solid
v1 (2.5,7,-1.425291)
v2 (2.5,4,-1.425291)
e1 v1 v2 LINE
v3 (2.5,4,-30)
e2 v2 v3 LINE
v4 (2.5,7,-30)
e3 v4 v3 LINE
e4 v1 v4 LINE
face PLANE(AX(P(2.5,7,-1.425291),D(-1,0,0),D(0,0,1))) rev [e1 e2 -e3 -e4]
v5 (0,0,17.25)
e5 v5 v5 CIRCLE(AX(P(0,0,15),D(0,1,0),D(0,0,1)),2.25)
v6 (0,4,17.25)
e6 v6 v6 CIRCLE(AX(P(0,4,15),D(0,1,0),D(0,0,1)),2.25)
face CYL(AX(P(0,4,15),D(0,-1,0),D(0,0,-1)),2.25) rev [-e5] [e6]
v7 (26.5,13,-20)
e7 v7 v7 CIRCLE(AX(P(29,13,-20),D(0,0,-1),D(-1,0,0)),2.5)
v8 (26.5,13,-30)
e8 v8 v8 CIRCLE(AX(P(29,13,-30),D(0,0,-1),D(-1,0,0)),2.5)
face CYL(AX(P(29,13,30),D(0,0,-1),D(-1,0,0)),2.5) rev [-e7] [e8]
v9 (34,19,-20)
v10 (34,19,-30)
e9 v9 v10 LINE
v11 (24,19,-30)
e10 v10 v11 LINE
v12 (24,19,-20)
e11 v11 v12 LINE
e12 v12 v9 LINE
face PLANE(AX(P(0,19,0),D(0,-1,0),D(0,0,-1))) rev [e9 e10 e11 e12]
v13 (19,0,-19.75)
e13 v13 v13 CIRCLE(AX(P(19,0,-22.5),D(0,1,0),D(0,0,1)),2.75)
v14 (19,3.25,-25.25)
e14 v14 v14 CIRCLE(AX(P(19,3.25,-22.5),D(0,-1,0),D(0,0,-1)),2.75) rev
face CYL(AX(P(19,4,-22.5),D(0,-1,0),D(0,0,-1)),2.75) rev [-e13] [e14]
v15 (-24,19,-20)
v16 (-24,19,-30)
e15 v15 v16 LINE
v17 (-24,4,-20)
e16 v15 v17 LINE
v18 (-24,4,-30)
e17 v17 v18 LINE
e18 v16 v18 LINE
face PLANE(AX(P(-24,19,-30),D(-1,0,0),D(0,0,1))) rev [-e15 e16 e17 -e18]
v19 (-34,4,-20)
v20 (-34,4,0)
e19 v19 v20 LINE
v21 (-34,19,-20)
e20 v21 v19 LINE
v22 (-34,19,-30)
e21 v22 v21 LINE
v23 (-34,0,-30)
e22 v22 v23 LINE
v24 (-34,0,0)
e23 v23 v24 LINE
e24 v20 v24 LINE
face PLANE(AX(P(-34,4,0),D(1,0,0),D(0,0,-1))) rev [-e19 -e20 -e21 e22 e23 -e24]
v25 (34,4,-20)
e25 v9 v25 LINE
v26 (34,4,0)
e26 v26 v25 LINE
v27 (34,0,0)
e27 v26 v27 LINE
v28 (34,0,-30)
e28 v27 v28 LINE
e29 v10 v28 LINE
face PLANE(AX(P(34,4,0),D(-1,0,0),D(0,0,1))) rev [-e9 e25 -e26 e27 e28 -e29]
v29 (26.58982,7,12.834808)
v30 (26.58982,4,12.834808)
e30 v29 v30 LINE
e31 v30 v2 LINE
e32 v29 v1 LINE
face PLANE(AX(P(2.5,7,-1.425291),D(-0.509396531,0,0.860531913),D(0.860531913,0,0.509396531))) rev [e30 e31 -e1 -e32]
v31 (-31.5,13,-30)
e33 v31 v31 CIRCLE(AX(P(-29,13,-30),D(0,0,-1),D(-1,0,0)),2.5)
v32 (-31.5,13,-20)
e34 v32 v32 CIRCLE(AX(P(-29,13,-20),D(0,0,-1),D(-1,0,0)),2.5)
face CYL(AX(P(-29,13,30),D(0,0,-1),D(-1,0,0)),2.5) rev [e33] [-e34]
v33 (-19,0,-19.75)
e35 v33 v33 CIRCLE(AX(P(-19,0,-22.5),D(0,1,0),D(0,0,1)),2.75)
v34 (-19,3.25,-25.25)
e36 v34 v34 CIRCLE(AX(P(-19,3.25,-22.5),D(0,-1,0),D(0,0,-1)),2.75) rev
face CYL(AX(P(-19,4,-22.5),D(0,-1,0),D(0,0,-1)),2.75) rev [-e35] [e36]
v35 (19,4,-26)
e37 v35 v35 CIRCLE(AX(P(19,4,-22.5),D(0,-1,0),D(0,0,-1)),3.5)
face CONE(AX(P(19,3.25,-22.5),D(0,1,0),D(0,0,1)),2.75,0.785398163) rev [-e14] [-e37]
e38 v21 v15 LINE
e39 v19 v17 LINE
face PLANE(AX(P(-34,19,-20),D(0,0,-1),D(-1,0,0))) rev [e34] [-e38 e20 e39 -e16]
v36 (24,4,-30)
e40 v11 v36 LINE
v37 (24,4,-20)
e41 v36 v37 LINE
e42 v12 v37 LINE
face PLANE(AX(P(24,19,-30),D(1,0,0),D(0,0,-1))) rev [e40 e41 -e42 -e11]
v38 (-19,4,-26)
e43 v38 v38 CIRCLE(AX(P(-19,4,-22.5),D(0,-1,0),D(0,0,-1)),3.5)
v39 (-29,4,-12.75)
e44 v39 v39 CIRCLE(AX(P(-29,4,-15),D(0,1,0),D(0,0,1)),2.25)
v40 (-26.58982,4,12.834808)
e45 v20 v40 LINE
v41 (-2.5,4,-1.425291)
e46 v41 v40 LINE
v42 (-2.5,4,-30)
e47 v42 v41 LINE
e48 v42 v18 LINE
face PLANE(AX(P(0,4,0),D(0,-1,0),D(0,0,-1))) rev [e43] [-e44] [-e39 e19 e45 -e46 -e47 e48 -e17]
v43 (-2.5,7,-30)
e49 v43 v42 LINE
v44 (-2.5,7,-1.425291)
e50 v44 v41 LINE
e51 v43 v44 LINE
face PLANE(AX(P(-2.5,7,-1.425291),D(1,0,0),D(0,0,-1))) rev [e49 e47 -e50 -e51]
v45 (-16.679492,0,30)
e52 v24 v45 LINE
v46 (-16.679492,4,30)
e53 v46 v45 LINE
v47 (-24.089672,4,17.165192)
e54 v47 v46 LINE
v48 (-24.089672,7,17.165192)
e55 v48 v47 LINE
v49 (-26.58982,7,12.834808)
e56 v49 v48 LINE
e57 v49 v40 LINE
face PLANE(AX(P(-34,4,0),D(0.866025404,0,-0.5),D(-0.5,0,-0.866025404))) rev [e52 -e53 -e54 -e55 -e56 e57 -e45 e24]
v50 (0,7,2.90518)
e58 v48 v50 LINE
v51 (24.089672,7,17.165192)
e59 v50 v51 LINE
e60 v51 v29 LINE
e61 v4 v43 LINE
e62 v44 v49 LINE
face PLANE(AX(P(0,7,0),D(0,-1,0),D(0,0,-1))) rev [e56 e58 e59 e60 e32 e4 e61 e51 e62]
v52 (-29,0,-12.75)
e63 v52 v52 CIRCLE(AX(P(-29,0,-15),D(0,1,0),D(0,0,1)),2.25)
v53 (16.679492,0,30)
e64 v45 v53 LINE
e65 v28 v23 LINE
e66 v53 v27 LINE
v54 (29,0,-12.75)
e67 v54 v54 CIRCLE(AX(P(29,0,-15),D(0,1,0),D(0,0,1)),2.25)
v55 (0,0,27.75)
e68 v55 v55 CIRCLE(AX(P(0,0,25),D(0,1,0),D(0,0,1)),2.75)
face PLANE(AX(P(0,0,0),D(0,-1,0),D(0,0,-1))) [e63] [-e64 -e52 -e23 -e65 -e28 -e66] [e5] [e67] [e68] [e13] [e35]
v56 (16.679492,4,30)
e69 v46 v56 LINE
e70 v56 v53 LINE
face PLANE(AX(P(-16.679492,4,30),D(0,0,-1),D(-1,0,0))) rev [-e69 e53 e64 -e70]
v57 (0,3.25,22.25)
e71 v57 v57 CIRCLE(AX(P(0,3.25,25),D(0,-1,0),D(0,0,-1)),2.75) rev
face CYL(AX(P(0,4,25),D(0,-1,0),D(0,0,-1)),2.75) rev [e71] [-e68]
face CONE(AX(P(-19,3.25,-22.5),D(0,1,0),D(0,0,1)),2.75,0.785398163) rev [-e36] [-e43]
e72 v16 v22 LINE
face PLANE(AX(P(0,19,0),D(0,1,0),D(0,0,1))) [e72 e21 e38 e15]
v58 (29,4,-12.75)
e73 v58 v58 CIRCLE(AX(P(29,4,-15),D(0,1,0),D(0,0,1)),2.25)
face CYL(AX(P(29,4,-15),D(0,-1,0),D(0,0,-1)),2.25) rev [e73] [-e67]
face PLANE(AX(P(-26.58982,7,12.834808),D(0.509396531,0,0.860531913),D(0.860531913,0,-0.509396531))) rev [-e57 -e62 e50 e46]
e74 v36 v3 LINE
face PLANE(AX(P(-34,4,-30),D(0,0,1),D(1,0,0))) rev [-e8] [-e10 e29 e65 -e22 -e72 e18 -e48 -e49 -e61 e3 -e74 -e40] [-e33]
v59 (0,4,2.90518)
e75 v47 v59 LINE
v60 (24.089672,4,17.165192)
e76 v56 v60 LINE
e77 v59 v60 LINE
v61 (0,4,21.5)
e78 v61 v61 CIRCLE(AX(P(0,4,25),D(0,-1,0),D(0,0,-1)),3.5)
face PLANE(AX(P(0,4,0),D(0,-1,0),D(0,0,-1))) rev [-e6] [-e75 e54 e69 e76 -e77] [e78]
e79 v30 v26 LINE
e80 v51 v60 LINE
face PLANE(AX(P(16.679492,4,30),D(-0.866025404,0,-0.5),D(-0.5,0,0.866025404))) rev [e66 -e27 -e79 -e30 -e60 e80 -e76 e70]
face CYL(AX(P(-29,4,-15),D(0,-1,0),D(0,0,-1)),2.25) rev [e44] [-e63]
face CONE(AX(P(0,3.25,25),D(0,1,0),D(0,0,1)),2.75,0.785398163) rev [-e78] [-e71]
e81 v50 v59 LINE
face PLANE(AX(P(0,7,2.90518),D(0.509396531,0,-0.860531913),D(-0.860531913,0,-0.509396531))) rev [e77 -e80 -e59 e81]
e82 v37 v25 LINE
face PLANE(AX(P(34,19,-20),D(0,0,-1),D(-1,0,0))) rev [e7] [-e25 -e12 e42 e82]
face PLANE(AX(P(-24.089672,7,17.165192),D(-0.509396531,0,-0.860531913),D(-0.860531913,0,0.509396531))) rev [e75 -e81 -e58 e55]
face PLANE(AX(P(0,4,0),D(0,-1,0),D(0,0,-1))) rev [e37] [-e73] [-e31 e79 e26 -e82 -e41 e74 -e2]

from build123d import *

# Parameters (mm, degrees)
SKETCH1_R           = 2.75
SKETCH1_R_2         = 2.25
BOSS_EXTRUDE1_DEPTH = 4
BOSS_EXTRUDE2_DEPTH = 3
SKETCH3_W           = 10
SKETCH3_H           = 10
BOSS_EXTRUDE3_DEPTH = 15
SKETCH4_R           = 2.5
CUT_EXTRUDE1_DEPTH  = 72.533209071
CHAMFER1_SIZE       = 0.75


with BuildPart() as part:
    # Sketch1 → Boss-Extrude1 (new body)
    with BuildSketch(Plane(origin=(0, 0, 0), x_dir=(1, 0, 0), z_dir=(0, 1, 0))):
        Polygon((-16.679491924, -30), (16.679491924, -30), (34, 0), (34, 30), (-34, 30), (-34, 0), align=None)
        with Locations(Location((-19, 22.5, 0), (0, 0, 270))):
            Circle(SKETCH1_R, mode=Mode.SUBTRACT)
        with Locations(Location((19, 22.5, 0), (0, 0, 270))):
            Circle(SKETCH1_R, mode=Mode.SUBTRACT)
        with Locations(Location((0, -25, 0), (0, 0, 270))):
            Circle(SKETCH1_R, mode=Mode.SUBTRACT)
        with Locations(Location((-29, 15, 0), (0, 0, 270))):
            Circle(SKETCH1_R_2, mode=Mode.SUBTRACT)
        with Locations(Location((29, 15, 0), (0, 0, 270))):
            Circle(SKETCH1_R_2, mode=Mode.SUBTRACT)
        with Locations(Location((0, -15, 0), (0, 0, 270))):
            Circle(SKETCH1_R_2, mode=Mode.SUBTRACT)
    extrude(amount=BOSS_EXTRUDE1_DEPTH)

    # Sketch2 → Boss-Extrude2 (add)
    with BuildSketch(Plane(origin=(0, 4, 0), x_dir=(1, 0, 0), z_dir=(0, 1, 0))):
        Polygon((-26.589820012, -12.834808232), (-24.089671912, -17.165191768), (0, -2.905179879), (24.089671912, -17.165191768), (26.589820012, -12.834808232), (2.5, 1.425291326), (2.5, 30), (-2.5, 30), (-2.5, 1.425291326), align=None)
    extrude(amount=BOSS_EXTRUDE2_DEPTH)

    # Sketch3 → Boss-Extrude3 (add)
    with BuildSketch(Plane(origin=(0, 4, 0), x_dir=(1, 0, 0), z_dir=(0, 1, 0))):
        with Locations((-29, 25)):
            Rectangle(SKETCH3_W, SKETCH3_H)
        with Locations((29, 25)):
            Rectangle(SKETCH3_W, SKETCH3_H)
    extrude(amount=BOSS_EXTRUDE3_DEPTH)

    # Sketch4 → Cut-Extrude1 (cut, through all)
    with BuildSketch(Plane(origin=(0, 0, -30), x_dir=(-1, 0, 0), z_dir=(0, 0, -1))):
        with Locations((-29, 13)):
            Circle(SKETCH4_R)
        with Locations((29, 13)):
            Circle(SKETCH4_R)
    extrude(amount=-CUT_EXTRUDE1_DEPTH, mode=Mode.SUBTRACT)

    # Chamfer1
    chamfer1_edges = [part.edges().sort_by_distance(p)[0] for p in [
        (-19, 4, -25.25),
        (19, 4, -25.25),
        (0, 4, 22.25),
    ]]
    chamfer(chamfer1_edges, length=CHAMFER1_SIZE)


solid = part.part
